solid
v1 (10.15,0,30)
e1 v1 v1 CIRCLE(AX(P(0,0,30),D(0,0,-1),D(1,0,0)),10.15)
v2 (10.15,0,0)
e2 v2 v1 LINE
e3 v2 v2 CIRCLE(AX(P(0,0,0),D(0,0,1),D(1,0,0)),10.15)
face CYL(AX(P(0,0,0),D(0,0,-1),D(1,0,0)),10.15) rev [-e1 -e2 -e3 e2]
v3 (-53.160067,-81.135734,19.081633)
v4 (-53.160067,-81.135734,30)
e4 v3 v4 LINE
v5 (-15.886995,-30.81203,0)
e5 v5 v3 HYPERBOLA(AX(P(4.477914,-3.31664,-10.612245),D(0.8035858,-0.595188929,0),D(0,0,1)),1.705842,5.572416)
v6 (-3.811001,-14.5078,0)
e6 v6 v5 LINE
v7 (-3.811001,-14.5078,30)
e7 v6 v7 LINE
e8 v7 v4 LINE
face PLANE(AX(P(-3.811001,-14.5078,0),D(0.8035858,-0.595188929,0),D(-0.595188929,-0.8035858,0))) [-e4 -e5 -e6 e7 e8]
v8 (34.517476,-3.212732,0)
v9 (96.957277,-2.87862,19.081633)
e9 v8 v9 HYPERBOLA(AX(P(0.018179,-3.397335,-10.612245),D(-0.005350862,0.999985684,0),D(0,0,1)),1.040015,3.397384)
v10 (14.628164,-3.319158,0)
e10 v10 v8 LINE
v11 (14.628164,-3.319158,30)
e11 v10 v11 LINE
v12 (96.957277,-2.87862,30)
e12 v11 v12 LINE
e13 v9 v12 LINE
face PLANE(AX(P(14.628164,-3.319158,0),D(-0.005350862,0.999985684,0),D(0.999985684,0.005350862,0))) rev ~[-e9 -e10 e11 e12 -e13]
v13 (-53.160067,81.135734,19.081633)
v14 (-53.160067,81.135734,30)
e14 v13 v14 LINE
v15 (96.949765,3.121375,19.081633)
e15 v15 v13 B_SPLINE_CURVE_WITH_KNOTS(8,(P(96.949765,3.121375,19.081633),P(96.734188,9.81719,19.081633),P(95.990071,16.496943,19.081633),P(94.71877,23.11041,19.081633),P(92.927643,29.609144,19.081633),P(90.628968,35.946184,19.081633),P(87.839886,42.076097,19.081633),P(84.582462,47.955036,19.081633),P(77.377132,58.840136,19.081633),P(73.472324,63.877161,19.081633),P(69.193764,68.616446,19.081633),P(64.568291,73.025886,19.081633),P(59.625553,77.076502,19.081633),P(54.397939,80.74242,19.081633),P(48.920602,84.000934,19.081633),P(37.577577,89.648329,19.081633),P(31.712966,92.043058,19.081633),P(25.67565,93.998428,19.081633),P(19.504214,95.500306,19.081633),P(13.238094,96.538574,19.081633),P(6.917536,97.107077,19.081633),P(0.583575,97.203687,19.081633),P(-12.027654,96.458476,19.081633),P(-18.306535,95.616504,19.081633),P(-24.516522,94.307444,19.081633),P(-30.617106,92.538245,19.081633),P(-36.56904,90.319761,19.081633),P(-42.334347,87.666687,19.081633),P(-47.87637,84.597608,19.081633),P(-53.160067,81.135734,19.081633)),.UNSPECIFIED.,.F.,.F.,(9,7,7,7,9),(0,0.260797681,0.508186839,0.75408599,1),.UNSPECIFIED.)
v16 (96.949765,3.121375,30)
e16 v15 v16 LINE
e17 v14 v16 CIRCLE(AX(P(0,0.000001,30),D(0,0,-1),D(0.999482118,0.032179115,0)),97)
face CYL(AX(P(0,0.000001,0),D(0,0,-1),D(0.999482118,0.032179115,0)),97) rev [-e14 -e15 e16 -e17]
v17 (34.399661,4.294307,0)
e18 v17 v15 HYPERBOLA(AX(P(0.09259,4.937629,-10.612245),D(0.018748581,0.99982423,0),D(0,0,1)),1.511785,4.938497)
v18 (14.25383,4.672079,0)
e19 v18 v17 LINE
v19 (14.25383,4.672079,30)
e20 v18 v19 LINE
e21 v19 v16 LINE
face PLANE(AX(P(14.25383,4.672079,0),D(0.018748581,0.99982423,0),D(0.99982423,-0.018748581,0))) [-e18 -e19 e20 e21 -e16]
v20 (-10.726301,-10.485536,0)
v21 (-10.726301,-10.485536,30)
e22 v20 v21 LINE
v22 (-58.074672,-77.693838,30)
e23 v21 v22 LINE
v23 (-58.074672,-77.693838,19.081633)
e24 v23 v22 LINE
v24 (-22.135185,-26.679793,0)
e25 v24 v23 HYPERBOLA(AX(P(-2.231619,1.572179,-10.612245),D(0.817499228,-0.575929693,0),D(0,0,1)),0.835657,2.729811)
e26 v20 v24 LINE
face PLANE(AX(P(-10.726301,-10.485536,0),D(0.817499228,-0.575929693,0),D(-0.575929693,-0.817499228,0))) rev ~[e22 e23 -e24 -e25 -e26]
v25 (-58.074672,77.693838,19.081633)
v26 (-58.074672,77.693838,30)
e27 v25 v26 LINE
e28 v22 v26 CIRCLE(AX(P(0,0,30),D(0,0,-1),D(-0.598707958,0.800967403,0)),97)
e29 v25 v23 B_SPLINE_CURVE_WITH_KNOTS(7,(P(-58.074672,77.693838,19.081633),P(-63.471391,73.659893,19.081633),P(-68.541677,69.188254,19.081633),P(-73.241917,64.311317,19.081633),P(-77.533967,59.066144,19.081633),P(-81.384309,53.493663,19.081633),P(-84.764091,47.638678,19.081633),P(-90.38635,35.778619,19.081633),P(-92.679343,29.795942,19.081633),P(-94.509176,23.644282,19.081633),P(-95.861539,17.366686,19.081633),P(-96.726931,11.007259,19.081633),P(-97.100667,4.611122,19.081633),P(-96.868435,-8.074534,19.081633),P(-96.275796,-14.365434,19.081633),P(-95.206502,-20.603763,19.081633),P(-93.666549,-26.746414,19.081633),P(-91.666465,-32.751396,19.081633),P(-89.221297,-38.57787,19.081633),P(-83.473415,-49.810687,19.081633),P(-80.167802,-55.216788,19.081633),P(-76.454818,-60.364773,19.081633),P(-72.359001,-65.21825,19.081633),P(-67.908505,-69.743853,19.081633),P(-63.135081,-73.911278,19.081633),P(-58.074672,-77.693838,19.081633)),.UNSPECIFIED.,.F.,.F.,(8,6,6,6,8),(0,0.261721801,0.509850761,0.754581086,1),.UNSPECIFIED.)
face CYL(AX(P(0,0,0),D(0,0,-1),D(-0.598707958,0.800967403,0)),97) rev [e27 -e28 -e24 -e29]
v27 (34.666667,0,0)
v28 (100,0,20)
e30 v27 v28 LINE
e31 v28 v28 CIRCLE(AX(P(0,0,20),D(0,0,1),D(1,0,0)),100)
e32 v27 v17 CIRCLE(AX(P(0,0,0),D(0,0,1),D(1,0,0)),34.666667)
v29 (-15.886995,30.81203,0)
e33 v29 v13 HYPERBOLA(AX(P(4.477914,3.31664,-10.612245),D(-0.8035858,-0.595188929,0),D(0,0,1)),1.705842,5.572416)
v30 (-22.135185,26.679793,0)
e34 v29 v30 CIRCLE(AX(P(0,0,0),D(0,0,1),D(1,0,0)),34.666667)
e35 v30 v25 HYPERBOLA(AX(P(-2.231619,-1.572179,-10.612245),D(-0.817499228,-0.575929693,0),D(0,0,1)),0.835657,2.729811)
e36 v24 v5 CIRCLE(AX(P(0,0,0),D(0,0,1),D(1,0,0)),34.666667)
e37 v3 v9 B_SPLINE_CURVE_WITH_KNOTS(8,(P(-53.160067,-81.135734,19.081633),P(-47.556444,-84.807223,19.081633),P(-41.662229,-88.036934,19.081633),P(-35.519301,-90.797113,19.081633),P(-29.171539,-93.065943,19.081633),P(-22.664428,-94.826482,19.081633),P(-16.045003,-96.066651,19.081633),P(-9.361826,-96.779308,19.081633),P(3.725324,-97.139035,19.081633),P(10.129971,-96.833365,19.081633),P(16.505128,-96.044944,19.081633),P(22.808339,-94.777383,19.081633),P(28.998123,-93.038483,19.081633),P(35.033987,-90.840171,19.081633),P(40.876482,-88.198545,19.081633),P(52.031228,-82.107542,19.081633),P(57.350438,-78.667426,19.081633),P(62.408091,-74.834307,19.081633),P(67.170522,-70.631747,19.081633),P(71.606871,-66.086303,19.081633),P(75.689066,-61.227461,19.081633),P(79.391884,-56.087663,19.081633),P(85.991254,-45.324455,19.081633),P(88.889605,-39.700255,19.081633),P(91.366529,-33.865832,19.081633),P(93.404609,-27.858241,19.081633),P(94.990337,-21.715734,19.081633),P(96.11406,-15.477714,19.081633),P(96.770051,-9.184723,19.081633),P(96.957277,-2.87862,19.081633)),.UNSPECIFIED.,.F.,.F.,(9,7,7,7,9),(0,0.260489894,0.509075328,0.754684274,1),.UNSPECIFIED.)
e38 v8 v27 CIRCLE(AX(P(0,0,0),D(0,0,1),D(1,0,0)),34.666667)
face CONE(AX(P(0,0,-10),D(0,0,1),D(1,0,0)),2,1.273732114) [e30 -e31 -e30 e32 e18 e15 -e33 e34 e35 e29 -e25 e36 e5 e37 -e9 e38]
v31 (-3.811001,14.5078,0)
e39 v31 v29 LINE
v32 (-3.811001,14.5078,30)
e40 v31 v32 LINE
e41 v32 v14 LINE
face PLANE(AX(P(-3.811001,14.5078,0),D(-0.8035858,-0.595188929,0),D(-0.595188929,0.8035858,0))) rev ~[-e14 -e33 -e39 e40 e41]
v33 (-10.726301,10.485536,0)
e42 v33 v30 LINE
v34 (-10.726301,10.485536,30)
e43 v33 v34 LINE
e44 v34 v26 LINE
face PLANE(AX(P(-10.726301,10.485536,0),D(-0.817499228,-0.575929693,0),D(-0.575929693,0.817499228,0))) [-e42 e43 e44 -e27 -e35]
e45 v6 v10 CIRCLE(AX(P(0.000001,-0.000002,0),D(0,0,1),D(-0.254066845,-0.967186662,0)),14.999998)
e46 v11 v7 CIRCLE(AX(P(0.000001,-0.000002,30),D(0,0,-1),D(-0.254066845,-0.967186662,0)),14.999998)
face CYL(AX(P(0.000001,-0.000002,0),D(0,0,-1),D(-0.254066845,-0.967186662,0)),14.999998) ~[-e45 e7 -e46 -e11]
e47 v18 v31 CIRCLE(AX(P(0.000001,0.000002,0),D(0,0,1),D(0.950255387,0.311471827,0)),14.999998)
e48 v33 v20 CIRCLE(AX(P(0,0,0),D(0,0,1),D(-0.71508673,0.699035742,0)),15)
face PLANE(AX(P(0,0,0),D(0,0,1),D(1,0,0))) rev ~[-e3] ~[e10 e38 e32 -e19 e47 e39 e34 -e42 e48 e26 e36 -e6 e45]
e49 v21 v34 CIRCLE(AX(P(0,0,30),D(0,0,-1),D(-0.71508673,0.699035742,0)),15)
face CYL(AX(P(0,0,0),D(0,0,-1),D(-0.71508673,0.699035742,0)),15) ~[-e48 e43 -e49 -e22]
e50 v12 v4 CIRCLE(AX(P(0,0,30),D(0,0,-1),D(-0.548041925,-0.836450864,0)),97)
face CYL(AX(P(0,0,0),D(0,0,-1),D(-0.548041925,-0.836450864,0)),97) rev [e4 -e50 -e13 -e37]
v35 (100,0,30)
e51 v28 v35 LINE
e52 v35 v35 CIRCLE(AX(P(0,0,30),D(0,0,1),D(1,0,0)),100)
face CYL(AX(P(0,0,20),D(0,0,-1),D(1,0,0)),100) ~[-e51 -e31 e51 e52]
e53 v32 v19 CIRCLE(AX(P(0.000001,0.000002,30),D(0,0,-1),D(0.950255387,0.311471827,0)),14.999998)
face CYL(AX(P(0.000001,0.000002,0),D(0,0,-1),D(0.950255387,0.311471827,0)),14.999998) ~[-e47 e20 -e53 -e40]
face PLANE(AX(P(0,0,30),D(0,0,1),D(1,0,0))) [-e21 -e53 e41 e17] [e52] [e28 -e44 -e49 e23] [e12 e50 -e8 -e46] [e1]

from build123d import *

# Parameters (mm, degrees)
CYLINDER_R     = 100
CYLINDER_DEPTH = 10
SKETCH_R       = 100
SKETCH_R_2     = 10.15
PAD_DEPTH      = 40


with BuildPart() as cone:
    # Cone → Cone (revolve)
    with BuildSketch(Plane(origin=(0, 0, -30), x_dir=(1, 0, 0), z_dir=(0, -1, 0))):
        Polygon((0, 0), (2, 0), (100, 30), (0, 30), align=None)
    revolve(axis=Axis((0, 0, -30), (0, 0, 1)))


with BuildPart() as fusion:
    # Cylinder → Cylinder (new body)
    with BuildSketch(Plane.XY):
        Circle(CYLINDER_R)
    extrude(amount=CYLINDER_DEPTH)

    # Fusion: union Cone
    add(cone.part)


with BuildPart() as fusion_1:
    # Fusion placement: moved
    add(fusion.part.moved(Location((0, 0, 20))))


with BuildPart() as common:
    # Sketch → Pad (new body)
    with BuildSketch(Plane.XY):
        Circle(SKETCH_R)
        Circle(SKETCH_R_2, mode=Mode.SUBTRACT)
        with BuildLine():
            ThreePointArc((96.949765, 3.121375), (44.731918, 86.070062), (-53.160067, 81.135734))
            Line((-3.811001, 14.5078), (-53.160067, 81.135734))
            ThreePointArc((14.25383, 4.672079), (7.172763, 13.173894), (-3.811001, 14.5078))
            Line((14.25383, 4.672079), (96.949765, 3.121375))
        make_face(mode=Mode.SUBTRACT)
        with BuildLine():
            Line((14.628164, -3.319158), (96.957277, -2.87862))
            ThreePointArc((-53.160067, -81.135734), (44.839635, -86.013994), (96.957277, -2.87862))
            Line((-3.811001, -14.5078), (-53.160067, -81.135734))
            ThreePointArc((-3.811001, -14.5078), (7.781336, -12.823838), (14.628164, -3.319158))
        make_face(mode=Mode.SUBTRACT)
        with BuildLine():
            Line((-10.726301, -10.485536), (-58.074672, -77.693838))
            ThreePointArc((-58.074672, 77.693838), (-97, 0), (-58.074672, -77.693838))
            Line((-10.726301, 10.485536), (-58.074672, 77.693838))
            ThreePointArc((-10.726301, 10.485536), (-15, 0), (-10.726301, -10.485536))
        make_face(mode=Mode.SUBTRACT)
    extrude(amount=PAD_DEPTH)

    # Common: intersect Fusion
    add(fusion_1.part, mode=Mode.INTERSECT)


solid = common.part
